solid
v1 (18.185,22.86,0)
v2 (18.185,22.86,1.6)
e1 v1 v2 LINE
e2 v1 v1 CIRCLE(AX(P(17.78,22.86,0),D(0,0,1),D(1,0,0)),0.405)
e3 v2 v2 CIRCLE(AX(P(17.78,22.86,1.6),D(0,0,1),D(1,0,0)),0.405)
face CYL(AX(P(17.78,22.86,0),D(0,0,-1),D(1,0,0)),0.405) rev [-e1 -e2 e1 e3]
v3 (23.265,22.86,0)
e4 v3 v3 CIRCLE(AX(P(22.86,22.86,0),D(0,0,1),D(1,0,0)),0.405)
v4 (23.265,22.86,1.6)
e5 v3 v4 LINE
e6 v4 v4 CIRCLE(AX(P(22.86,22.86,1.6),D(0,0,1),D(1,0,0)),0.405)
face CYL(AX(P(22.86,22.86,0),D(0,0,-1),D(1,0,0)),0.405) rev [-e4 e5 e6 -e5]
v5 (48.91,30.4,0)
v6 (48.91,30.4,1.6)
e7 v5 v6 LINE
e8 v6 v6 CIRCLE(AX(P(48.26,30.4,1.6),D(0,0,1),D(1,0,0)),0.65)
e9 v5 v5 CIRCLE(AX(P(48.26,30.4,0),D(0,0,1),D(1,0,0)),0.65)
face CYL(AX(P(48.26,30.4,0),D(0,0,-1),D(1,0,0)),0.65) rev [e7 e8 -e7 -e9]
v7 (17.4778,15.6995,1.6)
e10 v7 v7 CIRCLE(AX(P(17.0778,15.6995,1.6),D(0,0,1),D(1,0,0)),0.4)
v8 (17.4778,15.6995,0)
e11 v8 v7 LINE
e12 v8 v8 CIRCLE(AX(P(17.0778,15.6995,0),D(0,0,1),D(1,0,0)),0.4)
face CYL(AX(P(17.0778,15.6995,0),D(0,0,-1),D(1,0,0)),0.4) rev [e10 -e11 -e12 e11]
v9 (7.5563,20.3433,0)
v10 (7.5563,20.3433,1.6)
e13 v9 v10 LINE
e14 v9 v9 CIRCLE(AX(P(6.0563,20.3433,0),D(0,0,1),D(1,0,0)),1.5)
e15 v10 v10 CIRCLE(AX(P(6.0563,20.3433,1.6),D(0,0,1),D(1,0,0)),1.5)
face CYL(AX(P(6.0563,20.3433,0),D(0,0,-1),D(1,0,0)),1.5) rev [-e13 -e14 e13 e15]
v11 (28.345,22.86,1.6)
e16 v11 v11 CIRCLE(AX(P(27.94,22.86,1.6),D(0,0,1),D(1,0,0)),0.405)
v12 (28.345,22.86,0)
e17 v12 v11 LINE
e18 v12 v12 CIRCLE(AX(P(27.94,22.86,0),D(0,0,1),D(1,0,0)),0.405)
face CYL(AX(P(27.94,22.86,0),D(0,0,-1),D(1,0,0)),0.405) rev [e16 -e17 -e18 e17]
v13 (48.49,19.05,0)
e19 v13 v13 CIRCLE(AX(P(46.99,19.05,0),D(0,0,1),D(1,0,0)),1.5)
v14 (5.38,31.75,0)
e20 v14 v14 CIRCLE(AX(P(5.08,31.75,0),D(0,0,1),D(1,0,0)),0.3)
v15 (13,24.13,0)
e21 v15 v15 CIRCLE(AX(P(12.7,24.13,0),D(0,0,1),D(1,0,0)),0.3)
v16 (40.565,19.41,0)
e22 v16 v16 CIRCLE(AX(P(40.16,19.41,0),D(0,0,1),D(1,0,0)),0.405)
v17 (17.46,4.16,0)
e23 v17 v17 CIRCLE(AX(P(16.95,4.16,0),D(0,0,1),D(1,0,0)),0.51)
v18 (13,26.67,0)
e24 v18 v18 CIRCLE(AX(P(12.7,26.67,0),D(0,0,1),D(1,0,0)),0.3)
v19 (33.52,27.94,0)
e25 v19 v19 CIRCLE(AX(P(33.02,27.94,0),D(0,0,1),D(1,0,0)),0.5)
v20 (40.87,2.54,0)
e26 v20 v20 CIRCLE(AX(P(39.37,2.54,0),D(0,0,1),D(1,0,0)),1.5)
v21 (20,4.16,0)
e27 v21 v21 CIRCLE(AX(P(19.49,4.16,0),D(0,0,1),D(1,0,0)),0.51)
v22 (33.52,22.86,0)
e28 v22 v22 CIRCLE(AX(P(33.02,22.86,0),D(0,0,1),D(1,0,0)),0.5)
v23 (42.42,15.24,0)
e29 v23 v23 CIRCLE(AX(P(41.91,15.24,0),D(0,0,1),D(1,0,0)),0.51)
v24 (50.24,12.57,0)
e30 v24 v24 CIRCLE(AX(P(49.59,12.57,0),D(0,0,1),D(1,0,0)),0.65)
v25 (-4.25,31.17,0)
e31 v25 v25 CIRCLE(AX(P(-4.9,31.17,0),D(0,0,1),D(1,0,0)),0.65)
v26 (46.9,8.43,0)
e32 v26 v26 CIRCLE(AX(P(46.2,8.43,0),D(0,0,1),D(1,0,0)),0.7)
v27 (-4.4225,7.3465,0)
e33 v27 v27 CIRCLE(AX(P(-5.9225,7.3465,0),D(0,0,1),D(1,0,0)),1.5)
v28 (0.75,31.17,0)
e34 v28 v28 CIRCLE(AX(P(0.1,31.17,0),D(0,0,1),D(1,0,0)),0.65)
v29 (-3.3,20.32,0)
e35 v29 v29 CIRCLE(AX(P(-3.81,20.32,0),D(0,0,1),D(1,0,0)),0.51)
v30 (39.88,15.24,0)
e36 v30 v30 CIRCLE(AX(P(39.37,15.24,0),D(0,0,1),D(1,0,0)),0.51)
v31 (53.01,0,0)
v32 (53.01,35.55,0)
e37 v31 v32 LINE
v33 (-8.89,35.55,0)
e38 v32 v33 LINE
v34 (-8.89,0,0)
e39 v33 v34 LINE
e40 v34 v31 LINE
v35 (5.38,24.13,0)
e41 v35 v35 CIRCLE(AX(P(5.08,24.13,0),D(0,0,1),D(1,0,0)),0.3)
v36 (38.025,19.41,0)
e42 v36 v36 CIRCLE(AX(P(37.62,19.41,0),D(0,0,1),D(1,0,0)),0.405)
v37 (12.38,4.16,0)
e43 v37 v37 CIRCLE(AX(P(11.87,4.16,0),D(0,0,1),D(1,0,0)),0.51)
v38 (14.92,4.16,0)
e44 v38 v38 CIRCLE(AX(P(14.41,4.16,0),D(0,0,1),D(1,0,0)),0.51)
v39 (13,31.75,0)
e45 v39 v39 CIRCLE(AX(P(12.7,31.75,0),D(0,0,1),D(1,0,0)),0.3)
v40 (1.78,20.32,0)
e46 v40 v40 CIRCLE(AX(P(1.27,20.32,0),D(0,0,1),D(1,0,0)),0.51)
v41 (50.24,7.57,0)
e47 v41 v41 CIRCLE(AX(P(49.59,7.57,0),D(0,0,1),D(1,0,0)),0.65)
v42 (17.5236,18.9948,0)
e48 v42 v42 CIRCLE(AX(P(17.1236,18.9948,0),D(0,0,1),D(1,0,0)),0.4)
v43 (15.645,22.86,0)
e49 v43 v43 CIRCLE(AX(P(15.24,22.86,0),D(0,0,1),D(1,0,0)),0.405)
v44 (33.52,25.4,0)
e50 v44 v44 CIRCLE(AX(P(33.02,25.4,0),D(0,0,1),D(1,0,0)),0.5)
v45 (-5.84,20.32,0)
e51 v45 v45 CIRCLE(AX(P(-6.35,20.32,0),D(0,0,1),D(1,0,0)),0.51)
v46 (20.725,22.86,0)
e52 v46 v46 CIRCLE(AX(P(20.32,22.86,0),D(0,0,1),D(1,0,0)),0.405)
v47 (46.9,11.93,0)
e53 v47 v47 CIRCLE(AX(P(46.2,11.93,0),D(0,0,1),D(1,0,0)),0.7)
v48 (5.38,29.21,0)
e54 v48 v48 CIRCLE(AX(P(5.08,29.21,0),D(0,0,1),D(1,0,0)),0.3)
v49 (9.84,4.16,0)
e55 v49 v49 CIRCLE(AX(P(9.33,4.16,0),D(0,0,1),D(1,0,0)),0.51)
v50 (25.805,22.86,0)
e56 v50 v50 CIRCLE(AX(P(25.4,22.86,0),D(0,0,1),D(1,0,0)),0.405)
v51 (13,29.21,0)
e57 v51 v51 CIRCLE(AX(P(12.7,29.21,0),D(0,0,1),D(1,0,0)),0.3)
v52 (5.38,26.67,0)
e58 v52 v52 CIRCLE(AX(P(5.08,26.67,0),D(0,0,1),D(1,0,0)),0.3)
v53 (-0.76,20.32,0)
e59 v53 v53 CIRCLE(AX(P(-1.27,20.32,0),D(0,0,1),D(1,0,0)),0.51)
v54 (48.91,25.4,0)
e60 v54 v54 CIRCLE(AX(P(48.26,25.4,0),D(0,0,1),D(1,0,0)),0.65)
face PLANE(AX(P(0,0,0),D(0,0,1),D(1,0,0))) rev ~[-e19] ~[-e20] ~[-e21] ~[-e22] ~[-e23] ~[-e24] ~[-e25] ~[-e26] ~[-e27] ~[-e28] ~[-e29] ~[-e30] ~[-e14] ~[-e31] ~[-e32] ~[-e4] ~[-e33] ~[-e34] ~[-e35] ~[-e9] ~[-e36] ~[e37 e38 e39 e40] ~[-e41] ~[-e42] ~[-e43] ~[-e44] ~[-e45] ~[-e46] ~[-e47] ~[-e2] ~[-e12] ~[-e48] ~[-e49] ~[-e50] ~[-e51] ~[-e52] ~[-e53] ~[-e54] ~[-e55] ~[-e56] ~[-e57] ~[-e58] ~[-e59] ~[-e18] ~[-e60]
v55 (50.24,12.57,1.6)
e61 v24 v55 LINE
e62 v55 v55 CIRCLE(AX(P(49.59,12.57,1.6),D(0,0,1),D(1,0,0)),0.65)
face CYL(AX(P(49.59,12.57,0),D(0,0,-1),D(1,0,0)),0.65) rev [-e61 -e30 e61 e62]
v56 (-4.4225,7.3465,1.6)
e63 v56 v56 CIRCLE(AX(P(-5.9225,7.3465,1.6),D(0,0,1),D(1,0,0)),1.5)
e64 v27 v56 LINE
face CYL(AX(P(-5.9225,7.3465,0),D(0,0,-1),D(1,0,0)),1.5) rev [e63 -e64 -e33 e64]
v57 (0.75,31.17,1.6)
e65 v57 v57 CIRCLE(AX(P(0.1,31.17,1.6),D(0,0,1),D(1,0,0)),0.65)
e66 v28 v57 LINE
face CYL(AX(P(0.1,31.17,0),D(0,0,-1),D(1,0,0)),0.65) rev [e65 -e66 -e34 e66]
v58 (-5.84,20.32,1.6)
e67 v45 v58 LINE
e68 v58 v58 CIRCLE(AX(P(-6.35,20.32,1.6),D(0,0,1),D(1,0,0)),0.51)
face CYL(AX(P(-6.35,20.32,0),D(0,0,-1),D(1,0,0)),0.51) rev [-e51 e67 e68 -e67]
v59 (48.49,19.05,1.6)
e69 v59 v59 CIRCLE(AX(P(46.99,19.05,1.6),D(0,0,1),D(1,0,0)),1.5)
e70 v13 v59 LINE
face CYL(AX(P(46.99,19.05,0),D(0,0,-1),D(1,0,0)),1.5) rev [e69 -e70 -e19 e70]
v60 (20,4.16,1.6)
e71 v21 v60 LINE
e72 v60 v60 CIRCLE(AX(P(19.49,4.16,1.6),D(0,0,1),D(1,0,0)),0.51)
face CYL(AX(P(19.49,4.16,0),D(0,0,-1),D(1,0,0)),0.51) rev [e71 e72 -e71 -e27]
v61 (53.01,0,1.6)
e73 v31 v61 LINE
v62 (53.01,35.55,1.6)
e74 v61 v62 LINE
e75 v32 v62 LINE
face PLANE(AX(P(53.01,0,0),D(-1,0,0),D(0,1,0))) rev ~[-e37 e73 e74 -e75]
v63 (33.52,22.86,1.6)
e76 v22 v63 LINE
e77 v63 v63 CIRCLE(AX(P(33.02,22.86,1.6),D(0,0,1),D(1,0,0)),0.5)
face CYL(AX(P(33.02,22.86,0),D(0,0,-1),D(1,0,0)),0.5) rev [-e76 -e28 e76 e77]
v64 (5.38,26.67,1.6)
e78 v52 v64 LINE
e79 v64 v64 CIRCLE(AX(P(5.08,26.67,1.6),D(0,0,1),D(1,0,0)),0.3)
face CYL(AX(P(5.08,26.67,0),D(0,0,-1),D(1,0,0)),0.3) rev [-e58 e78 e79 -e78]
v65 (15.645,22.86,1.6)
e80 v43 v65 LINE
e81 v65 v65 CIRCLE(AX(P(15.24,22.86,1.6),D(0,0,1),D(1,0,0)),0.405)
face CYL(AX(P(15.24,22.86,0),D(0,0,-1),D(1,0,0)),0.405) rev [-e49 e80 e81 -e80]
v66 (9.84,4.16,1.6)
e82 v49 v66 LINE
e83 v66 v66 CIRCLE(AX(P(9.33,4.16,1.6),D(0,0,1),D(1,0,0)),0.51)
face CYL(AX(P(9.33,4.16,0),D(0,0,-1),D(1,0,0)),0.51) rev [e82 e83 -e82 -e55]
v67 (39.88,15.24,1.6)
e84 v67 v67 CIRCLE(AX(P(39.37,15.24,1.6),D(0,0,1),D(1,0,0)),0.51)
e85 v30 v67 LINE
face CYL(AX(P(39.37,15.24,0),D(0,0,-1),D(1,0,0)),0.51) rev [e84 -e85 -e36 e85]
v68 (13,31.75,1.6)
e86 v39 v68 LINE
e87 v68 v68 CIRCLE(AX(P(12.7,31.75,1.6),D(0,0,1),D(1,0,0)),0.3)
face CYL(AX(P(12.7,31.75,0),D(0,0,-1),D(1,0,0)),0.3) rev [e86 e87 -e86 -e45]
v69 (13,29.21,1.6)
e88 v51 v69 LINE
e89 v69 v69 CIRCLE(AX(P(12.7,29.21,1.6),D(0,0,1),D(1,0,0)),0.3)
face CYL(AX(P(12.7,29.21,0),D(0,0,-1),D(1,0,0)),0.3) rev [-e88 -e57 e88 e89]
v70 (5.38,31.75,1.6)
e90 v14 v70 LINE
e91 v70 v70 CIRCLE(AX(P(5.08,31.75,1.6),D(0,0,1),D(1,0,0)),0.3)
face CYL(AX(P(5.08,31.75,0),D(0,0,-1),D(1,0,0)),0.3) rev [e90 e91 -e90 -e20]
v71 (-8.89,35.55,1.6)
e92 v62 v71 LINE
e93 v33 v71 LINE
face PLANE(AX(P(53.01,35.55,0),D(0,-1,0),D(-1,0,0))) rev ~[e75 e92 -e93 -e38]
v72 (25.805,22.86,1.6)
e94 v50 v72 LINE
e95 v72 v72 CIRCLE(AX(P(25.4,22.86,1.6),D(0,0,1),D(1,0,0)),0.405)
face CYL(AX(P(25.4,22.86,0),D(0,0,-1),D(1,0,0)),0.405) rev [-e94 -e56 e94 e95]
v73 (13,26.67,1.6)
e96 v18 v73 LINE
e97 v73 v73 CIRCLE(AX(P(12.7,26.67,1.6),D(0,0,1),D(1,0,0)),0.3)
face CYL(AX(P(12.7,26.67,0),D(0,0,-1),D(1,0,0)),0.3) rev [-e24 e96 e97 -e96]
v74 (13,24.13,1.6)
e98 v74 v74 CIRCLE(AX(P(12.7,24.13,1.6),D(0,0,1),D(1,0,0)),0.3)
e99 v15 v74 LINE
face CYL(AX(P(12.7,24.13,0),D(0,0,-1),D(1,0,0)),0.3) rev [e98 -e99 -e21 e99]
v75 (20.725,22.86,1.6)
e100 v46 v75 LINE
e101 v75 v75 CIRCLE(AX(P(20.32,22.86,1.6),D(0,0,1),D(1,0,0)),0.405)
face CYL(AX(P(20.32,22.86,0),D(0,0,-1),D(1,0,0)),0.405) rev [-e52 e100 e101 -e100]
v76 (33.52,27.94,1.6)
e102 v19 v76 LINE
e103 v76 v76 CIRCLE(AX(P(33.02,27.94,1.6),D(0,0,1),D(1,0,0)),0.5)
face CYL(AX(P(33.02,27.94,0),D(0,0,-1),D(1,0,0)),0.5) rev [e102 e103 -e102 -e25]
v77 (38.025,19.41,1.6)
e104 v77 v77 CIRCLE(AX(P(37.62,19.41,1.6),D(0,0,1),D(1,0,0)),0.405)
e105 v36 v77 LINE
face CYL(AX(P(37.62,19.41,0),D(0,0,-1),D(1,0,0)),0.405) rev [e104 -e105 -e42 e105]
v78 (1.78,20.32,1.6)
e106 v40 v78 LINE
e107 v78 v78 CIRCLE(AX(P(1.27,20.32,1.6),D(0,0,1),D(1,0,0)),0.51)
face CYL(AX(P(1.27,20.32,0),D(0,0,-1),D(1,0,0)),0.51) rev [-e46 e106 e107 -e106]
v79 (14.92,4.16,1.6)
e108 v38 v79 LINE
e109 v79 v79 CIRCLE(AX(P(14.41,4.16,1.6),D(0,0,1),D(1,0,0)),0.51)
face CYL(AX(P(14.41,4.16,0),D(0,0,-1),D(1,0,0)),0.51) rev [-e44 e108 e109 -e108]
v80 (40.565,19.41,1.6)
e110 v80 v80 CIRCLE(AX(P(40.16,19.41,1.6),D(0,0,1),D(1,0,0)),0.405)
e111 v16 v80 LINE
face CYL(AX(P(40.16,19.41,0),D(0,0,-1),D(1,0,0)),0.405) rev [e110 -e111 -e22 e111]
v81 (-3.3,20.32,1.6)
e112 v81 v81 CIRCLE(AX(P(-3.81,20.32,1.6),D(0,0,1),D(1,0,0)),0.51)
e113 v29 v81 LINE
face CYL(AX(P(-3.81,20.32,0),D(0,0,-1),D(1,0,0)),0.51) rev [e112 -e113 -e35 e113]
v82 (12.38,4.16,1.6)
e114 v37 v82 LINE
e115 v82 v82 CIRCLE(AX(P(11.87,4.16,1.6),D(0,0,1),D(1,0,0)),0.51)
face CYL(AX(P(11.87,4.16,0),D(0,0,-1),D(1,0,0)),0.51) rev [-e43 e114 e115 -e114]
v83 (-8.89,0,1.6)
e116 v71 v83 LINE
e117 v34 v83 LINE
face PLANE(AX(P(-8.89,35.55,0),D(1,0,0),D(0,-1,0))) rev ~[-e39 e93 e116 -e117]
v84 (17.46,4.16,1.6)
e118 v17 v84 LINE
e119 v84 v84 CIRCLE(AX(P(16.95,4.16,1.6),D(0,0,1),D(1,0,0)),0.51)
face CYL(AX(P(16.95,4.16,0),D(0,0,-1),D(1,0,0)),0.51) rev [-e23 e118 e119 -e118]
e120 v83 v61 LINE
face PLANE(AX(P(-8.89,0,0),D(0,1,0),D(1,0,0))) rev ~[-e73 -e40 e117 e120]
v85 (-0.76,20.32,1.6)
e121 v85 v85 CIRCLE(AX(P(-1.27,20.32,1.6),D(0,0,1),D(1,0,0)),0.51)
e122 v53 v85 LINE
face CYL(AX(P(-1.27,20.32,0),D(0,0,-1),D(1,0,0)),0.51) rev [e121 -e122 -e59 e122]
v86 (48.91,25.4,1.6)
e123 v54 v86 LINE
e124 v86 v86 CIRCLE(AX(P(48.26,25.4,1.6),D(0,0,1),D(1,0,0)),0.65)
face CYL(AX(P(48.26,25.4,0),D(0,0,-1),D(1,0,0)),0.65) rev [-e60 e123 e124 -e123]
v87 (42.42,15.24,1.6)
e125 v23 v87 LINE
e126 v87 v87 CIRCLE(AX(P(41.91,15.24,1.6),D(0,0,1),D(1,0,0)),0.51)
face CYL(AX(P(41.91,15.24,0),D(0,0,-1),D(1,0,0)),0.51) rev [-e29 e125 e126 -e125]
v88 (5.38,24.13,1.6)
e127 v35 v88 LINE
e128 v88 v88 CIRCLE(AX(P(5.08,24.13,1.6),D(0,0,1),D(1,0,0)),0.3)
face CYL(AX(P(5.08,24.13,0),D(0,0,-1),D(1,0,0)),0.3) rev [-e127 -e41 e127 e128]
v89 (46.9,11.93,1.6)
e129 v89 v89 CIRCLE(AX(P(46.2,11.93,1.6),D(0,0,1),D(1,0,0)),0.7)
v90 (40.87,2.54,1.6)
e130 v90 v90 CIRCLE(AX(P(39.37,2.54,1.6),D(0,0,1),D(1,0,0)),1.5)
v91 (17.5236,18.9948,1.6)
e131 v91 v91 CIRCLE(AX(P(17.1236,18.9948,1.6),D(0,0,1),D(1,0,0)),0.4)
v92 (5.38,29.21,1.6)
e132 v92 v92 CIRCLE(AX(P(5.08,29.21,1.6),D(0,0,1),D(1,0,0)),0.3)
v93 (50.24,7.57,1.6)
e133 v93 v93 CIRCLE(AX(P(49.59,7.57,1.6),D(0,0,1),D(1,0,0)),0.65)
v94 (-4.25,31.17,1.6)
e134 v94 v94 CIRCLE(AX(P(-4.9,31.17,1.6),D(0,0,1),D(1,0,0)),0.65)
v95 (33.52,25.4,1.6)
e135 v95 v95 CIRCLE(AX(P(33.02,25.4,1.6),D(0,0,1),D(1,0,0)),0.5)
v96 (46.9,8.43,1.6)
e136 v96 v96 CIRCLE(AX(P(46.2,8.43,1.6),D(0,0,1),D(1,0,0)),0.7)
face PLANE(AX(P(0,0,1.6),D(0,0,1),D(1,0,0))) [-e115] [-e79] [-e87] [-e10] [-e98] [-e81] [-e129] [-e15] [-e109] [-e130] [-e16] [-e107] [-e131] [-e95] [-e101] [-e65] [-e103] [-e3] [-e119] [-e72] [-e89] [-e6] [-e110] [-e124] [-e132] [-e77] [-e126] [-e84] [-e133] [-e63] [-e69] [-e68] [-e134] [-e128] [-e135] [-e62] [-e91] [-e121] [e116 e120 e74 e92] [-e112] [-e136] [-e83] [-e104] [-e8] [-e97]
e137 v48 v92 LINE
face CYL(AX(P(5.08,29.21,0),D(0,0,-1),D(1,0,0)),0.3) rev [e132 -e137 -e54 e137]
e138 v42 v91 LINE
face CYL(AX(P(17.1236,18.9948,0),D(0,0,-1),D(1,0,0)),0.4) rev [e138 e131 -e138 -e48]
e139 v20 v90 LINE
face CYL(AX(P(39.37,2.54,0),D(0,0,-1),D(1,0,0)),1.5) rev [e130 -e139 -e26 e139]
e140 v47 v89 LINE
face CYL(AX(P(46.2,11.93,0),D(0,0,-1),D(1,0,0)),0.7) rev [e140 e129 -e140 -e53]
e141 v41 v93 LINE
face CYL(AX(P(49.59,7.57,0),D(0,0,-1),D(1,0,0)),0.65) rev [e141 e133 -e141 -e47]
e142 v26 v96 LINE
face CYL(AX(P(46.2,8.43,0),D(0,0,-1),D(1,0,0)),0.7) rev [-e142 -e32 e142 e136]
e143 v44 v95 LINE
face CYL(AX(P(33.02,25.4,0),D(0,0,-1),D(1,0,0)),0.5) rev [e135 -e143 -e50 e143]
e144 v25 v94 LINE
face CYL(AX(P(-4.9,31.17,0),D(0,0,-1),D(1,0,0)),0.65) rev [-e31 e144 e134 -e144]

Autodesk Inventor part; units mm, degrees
ref_plane "YZ Plane" through (0, 0, 0) normal (1, 0, 0) x (0, 1, 0)
ref_plane "XZ Plane" through (0, 0, 0) normal (0, 1, 0) x (-1, 0, 0)
ref_plane "XY Plane" through (0, 0, 0) normal (0, 0, 1) x (1, 0, 0)
sketch "Эскиз1" plane through (0, 0, 0) normal (0, 0, 1) x (1, 0, 0)
  line L0 (-8.89, 0) -> (53.01, 0)
  line L1 (53.01, 0) -> (53.01, 35.55)
  line L2 (53.01, 35.55) -> (-8.89, 35.55)
  line L3 (-8.89, 35.55) -> (-8.89, 0)
  circle A0 centre (15.24, 22.86) radius 0.405
  circle A1 centre (17.78, 22.86) radius 0.405
  circle A2 centre (20.32, 22.86) radius 0.405
  circle A3 centre (22.86, 22.86) radius 0.405
  circle A4 centre (25.4, 22.86) radius 0.405
  circle A5 centre (27.94, 22.86) radius 0.405
  circle A6 centre (37.62, 19.41) radius 0.405
  circle A7 centre (40.16, 19.41) radius 0.405
  circle A8 centre (0.1, 31.17) radius 0.65
  circle A9 centre (-4.9, 31.17) radius 0.65
  circle A10 centre (1.27, 20.32) radius 0.51
  circle A11 centre (-1.27, 20.32) radius 0.51
  circle A12 centre (-3.81, 20.32) radius 0.51
  circle A13 centre (-6.35, 20.32) radius 0.51
  circle A14 centre (48.26, 25.4) radius 0.65
  circle A15 centre (48.26, 30.4) radius 0.65
  circle A16 centre (9.33, 4.16) radius 0.51
  circle A17 centre (11.87, 4.16) radius 0.51
  circle A18 centre (14.41, 4.16) radius 0.51
  circle A19 centre (16.95, 4.16) radius 0.51
  circle A20 centre (19.49, 4.16) radius 0.51
  circle A21 centre (39.37, 15.24) radius 0.51
  circle A22 centre (41.91, 15.24) radius 0.51
  circle A23 centre (49.59, 7.57) radius 0.65
  circle A24 centre (49.59, 12.57) radius 0.65
  circle A25 centre (46.2, 8.43) radius 0.7
  circle A26 centre (46.2, 11.93) radius 0.7
  circle A27 centre (12.7, 24.13) radius 0.3
  circle A28 centre (5.08, 26.67) radius 0.3
  circle A29 centre (5.08, 24.13) radius 0.3
  circle A30 centre (12.7, 26.67) radius 0.3
  circle A31 centre (5.08, 31.75) radius 0.3
  circle A32 centre (5.08, 29.21) radius 0.3
  circle A33 centre (12.7, 29.21) radius 0.3
  circle A34 centre (12.7, 31.75) radius 0.3
  circle A35 centre (33.02, 25.4) radius 0.5
  circle A36 centre (33.02, 27.94) radius 0.5
  circle A37 centre (33.02, 22.86) radius 0.5
  circle A38 centre (-5.9225, 7.3465) radius 1.5
  circle A39 centre (39.37, 2.54) radius 1.5
  circle A40 centre (46.99, 19.05) radius 1.5
  circle A41 centre (6.0563, 20.3433) radius 1.5
  circle A42 centre (17.1236, 18.9948) radius 0.4
  circle A43 centre (17.0778, 15.6995) radius 0.4
extrude "OmniBot_motor_driver.brdКонтур" add sketch "Эскиз1" along normal blind 1.6
properties part number "000.006.001 - Плата"
